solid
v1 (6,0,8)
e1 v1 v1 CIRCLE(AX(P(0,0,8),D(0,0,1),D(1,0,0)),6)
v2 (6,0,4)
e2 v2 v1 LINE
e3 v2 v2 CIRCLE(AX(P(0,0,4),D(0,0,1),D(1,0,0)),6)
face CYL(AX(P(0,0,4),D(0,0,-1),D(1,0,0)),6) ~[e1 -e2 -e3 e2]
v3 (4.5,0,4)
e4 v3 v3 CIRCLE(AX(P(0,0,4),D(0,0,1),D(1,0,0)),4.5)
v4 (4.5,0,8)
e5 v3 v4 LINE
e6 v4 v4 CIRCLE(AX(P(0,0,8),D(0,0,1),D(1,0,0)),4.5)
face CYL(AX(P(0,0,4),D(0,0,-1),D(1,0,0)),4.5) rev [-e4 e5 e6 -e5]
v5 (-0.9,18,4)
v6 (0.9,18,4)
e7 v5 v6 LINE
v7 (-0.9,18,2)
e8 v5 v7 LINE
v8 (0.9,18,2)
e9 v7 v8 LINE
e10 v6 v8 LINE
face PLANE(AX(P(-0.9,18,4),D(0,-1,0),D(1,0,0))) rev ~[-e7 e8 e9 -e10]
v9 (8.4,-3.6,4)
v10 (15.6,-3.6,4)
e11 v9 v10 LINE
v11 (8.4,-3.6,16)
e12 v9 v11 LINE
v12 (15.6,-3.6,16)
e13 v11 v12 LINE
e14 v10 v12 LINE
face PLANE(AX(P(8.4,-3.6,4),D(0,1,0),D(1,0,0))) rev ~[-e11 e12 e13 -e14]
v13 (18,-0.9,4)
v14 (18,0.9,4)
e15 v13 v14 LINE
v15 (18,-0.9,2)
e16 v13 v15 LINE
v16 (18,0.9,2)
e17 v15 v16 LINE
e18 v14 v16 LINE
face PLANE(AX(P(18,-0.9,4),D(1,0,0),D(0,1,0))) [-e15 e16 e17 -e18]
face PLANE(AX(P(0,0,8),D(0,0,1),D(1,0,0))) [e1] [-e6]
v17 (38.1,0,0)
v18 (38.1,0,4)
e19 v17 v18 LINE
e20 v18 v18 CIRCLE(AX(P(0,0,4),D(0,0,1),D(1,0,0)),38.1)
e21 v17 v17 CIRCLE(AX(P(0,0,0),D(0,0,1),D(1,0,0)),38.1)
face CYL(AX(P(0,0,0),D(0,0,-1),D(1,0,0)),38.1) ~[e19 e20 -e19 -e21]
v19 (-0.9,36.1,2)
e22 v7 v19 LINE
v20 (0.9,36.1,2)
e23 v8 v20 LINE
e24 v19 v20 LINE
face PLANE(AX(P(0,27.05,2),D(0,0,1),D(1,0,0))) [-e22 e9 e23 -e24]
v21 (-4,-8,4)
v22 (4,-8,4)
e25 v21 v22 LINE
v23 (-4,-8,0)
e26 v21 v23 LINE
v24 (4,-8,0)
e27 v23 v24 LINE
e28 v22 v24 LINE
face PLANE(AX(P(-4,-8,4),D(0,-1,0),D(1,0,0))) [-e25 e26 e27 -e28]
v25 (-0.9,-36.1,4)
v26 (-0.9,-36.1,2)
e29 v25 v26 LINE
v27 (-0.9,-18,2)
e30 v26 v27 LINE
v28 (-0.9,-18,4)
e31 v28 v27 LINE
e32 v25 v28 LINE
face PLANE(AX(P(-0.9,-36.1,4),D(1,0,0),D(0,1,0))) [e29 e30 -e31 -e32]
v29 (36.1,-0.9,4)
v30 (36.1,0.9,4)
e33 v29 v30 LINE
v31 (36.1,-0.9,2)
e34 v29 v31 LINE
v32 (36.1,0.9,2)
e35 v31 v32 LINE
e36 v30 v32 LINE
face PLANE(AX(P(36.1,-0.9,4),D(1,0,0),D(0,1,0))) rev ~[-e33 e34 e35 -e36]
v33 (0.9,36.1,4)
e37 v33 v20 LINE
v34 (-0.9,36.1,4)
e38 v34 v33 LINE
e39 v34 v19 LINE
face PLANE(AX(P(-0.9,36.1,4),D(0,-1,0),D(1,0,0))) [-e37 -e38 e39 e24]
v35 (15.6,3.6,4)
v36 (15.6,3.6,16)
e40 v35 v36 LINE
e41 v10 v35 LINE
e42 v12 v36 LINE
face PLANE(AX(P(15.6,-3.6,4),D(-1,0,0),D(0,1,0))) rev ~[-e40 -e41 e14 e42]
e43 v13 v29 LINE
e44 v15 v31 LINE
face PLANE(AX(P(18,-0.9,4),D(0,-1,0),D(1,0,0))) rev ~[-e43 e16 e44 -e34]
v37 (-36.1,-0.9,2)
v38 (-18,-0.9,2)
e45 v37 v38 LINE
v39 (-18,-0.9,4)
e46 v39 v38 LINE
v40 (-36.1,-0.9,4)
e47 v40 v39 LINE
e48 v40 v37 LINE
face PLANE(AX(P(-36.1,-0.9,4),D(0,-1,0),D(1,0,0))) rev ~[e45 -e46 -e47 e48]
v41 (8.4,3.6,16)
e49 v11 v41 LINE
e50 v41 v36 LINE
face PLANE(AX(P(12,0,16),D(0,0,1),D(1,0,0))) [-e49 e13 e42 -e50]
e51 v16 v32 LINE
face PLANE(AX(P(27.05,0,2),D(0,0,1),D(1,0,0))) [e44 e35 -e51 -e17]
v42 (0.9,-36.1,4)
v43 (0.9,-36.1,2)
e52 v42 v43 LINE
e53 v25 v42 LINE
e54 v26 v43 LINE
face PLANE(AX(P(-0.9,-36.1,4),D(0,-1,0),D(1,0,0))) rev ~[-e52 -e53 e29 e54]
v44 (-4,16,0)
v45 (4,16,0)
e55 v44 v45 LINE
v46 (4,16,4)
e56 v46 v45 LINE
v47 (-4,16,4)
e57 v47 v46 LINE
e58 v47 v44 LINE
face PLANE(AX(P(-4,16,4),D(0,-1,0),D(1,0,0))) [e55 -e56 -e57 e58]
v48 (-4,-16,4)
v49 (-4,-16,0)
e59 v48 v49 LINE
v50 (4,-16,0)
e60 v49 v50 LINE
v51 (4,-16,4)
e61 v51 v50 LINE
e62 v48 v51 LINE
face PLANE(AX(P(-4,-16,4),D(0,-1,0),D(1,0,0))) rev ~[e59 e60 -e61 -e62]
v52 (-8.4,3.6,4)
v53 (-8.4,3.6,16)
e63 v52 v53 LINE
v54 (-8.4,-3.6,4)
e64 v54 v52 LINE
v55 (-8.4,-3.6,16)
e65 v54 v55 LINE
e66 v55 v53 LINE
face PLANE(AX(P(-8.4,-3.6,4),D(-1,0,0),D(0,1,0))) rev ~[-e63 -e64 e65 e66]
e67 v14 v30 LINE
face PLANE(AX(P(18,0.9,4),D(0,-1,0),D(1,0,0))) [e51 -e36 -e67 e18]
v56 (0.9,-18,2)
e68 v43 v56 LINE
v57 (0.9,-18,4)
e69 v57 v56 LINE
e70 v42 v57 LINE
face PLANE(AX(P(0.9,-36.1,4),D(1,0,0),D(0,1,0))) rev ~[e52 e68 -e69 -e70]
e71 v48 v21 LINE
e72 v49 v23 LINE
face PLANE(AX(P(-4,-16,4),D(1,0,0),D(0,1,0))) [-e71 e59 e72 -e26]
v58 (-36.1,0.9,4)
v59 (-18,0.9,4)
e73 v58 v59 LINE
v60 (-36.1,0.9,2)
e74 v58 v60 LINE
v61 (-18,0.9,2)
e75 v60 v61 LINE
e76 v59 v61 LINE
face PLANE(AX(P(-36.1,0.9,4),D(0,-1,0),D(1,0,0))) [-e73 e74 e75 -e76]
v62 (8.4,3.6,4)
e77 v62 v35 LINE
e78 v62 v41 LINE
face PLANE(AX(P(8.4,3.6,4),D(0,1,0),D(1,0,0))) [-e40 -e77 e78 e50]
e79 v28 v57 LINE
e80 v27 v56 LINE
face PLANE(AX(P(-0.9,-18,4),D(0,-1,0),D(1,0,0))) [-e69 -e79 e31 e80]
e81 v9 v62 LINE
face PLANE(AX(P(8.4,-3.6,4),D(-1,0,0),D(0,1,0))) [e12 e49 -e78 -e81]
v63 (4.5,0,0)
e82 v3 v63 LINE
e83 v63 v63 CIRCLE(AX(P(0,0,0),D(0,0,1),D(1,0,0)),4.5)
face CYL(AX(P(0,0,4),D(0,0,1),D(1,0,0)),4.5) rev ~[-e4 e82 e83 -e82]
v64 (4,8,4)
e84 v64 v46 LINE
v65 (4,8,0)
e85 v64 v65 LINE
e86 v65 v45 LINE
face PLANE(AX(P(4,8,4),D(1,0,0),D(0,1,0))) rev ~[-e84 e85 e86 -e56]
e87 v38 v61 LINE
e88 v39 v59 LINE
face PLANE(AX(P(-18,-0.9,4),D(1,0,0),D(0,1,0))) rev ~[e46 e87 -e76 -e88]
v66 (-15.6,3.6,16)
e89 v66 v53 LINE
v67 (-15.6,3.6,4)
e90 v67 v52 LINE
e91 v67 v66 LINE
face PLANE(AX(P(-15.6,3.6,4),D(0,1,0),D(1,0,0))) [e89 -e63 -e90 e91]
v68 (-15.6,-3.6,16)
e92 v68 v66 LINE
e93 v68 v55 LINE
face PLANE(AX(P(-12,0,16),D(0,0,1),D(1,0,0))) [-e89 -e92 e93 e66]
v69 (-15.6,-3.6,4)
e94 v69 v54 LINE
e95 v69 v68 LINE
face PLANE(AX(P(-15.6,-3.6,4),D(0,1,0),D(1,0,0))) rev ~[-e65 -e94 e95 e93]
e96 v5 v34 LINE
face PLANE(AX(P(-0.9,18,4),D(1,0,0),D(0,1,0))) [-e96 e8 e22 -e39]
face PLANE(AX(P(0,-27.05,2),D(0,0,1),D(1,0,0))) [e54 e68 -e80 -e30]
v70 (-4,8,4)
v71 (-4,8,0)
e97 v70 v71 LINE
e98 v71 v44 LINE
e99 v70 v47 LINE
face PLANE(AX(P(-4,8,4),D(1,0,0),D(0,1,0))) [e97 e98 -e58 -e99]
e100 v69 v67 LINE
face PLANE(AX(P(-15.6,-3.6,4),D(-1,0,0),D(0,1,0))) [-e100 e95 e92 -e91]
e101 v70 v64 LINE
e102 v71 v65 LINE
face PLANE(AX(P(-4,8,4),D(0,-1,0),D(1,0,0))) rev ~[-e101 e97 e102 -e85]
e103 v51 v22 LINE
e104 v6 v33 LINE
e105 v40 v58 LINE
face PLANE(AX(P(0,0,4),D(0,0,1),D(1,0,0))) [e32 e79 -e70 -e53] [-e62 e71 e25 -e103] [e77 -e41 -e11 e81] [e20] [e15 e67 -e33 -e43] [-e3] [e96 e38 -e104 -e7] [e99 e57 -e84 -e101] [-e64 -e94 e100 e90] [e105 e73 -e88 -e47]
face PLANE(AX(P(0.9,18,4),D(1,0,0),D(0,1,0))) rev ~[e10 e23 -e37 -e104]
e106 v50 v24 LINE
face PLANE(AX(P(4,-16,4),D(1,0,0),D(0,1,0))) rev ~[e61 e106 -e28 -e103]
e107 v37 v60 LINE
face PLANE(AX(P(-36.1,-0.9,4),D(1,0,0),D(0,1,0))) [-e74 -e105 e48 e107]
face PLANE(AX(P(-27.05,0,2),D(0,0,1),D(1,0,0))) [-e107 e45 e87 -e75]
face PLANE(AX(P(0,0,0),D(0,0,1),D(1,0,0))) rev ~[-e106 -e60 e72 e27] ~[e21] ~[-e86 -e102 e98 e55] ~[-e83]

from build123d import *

# Parameters (mm, degrees)
F0_R     = 38.1
F1_DEPTH = 4
F2_R     = 4.5
F2_W     = 8
F2_H     = 8
F3_DEPTH = 4.001
F2_W_2   = 7.2
F2_H_2   = 7.2
F4_DEPTH = 12
F2_R_2   = 6
F5_DEPTH = 4
F6_W     = 1.8
F6_H     = 18.1
F6_W_2   = 18.1
F6_H_2   = 1.8
F7_DEPTH = 2


with BuildPart() as f1:
    # F0 (on Top) → F1 (new body)
    with BuildSketch(Plane.XY):
        Circle(F0_R)
    extrude(amount=F1_DEPTH)

    # F2 (on face) → F3 (cut, through all)
    with BuildSketch(Plane.XY.offset(4)):
        Circle(F2_R)
        with Locations((0, 12)):
            Rectangle(F2_W, F2_H)
        with Locations((0, -12)):
            Rectangle(F2_W, F2_H)
    extrude(amount=-F3_DEPTH, mode=Mode.SUBTRACT)

    # F2 (on face) → F4 (join)
    with BuildSketch(Plane.XY.offset(4)):
        with Locations((12, 0)):
            Rectangle(F2_W_2, F2_H_2)
        with Locations((-12, 0)):
            Rectangle(F2_W_2, F2_H_2)
    extrude(amount=F4_DEPTH)

    # F2 (on face) → F5 (join)
    with BuildSketch(Plane.XY.offset(4)):
        Circle(F2_R_2)
        Circle(F2_R, mode=Mode.SUBTRACT)
    extrude(amount=F5_DEPTH)

    # F6 (on face) → F7 (cut)
    with BuildSketch(Plane.XY.offset(4)):
        with Locations((0, 27.05)):
            Rectangle(F6_W, F6_H)
        with Locations((-27.05, 0)):
            Rectangle(F6_W_2, F6_H_2)
        with Locations((0, -27.05)):
            Rectangle(F6_W, F6_H)
        with Locations((27.05, 0)):
            Rectangle(F6_W_2, F6_H_2)
    extrude(amount=-F7_DEPTH, mode=Mode.SUBTRACT)


solid = f1.part
